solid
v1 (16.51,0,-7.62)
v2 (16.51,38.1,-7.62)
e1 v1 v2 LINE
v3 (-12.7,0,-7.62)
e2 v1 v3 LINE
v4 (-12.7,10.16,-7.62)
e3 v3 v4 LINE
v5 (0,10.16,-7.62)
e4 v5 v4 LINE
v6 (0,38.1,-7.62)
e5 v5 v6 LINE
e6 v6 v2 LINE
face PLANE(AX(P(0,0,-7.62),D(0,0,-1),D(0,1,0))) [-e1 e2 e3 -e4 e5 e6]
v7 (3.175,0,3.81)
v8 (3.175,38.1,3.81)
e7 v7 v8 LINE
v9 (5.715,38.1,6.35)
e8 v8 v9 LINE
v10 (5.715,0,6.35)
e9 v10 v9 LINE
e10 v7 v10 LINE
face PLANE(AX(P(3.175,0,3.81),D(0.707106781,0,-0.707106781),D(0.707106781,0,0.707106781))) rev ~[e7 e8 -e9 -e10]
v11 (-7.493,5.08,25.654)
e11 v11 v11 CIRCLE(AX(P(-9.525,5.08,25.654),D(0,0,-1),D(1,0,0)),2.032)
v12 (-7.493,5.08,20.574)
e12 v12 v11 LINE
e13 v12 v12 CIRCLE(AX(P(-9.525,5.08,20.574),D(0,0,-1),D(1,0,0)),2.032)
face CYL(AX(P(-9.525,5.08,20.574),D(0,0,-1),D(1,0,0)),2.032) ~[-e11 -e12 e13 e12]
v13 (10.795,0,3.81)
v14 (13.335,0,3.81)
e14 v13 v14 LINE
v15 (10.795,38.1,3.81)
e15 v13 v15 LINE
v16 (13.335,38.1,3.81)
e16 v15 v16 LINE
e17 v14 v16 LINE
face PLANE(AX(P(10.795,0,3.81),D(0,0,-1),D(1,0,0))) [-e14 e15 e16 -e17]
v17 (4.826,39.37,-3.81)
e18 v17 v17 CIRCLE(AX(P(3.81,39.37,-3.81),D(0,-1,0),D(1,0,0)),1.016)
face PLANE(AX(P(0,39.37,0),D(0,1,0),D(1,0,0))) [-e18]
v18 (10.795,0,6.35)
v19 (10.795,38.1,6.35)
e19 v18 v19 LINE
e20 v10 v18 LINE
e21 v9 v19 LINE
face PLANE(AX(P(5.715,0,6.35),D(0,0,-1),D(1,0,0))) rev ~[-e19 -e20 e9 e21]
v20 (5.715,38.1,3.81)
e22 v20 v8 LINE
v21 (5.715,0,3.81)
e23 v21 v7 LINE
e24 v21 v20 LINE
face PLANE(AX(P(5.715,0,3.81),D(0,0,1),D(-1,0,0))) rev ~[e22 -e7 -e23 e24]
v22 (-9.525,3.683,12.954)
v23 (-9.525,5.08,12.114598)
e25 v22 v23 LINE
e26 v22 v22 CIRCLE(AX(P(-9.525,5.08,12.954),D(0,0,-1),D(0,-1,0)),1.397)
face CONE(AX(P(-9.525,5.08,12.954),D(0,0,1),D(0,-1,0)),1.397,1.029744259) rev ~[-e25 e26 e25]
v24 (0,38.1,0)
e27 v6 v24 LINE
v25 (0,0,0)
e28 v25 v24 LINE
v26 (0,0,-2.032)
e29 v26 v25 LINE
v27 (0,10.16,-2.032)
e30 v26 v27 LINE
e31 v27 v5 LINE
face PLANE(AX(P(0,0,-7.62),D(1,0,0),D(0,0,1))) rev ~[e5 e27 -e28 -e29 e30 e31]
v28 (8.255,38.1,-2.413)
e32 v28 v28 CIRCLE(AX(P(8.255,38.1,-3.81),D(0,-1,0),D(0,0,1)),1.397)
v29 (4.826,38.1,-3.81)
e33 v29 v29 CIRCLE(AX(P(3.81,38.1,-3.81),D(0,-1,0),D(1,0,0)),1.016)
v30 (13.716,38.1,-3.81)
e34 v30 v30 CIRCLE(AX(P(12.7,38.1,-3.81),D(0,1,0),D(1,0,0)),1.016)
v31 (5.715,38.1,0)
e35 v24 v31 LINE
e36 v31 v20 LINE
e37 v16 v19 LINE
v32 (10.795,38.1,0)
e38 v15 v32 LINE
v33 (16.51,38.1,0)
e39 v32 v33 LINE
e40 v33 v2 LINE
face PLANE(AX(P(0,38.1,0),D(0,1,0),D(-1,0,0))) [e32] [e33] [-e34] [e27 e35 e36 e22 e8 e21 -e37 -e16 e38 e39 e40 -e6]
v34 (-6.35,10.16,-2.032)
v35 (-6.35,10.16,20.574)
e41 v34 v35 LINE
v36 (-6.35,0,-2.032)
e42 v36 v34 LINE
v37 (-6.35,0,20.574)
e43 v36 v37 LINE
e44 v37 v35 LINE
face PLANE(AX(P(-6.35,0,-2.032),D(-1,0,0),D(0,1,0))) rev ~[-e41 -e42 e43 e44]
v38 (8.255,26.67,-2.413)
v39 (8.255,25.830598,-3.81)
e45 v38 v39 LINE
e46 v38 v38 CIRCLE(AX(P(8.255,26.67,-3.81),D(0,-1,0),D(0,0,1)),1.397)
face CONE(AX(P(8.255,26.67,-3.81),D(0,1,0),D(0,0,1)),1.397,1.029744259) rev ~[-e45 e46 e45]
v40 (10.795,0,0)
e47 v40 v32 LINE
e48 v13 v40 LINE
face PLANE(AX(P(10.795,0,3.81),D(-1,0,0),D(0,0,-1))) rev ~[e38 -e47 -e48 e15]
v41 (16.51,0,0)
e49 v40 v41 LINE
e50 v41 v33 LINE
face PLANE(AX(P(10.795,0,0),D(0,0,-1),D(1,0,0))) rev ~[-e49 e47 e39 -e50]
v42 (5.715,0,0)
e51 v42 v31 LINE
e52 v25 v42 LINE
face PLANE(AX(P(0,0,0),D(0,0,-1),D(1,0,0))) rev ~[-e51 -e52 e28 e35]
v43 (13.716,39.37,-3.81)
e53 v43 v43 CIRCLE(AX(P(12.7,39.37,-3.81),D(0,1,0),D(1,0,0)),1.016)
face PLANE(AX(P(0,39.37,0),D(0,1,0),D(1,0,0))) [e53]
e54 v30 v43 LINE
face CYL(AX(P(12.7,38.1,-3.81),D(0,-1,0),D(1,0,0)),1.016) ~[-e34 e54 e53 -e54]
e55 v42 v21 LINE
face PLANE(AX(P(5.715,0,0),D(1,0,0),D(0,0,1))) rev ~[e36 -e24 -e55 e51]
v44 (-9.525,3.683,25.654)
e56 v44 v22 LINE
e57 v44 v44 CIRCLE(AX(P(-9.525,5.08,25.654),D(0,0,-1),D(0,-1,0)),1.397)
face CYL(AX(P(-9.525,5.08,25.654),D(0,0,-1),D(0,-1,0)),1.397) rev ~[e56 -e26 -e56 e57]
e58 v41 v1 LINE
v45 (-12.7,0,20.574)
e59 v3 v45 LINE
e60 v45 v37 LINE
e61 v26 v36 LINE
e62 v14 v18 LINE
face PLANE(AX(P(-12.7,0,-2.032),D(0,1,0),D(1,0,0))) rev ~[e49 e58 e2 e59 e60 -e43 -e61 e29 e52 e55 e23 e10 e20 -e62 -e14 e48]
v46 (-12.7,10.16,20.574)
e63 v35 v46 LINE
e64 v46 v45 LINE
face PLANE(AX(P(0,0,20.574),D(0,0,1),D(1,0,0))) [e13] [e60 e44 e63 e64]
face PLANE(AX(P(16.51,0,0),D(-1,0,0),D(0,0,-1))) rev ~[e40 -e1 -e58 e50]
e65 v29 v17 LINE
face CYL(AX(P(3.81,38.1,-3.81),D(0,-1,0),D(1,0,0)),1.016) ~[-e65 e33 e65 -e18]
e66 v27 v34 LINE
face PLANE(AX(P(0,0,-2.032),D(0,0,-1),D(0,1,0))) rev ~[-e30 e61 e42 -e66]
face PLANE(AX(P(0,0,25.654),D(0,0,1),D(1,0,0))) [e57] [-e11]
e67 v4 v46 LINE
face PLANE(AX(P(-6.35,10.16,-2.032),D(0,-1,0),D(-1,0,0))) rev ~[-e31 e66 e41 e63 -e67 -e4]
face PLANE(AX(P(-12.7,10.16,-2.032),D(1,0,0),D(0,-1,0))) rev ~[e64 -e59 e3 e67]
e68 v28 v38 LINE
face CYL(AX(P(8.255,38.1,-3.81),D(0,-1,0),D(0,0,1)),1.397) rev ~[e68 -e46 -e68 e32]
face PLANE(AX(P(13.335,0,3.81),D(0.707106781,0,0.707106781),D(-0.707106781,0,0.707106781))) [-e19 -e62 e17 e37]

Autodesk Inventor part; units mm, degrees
ref_plane "YZ Plane" through (0, 0, 0) normal (1, 0, 0) x (0, 1, 0)
ref_plane "XZ Plane" through (0, 0, 0) normal (0, 1, 0) x (-1, 0, 0)
ref_plane "XY Plane" through (0, 0, 0) normal (0, 0, 1) x (1, 0, 0)
sketch "Sketch1" plane through (0, 0, 0) normal (0, 1, 0) x (-1, 0, 0)
  line L0 (0, 0) -> (-16.51, 0)
  line L1 (-16.51, 0) -> (-16.51, -7.62)
  line L2 (-16.51, -7.62) -> (0, -7.62)
  line L3 (0, -7.62) -> (0, 0)
  line L4 (-8.255, 0) -> (-5.715, 0)
  line L5 (-5.715, 0) -> (-5.715, 6.35)
  line L6 (-5.715, 6.35) -> (-10.795, 6.35)
  line L7 (-10.795, 6.35) -> (-10.795, 0)
  line L8 (-5.715, -7.62) -> (-5.715, -8.89)
  line L9 (-5.715, -8.89) -> (-10.795, -8.89)
  line L10 (-10.795, -8.89) -> (-10.795, -7.62)
  line L11 (-10.795, 6.35) -> (-10.795, 3.81)
  line L12 (-10.795, 3.81) -> (-13.335, 3.81)
  line L13 (-13.335, 3.81) -> (-10.795, 6.35)
  line L14 (-5.715, 6.35) -> (-5.715, 3.81)
  line L15 (-5.715, 3.81) -> (-3.175, 3.81)
  line L16 (-3.175, 3.81) -> (-5.715, 6.35)
  point P0 (-8.255, -7.62)
  point P1 (0, -3.81)
  point P2 (-16.51, -3.81)
  dimension "d0" = 16.51
  dimension "d1" = 7.62
  dimension "d2" = 2.54
  dimension "d3" = 6.35
  dimension "d4" = 5.08
  dimension "d5" = 1.27
  dimension "d6" = 2.54
  dimension "d7" = 2.54
  dimension "d8" = 2.54
  dimension "d9" = 2.54
extrude "Extrusion1" add sketch "Sketch1" along normal blind 38.1
sketch "Sketch2" plane through (0, 38.1, 0) normal (0, 1, 0) x (1, 0, 0)
  line L0 (16.51, 0) -> (16.51, 7.62) projected
  line L1 (16.51, 3.81) -> (12.7, 3.81)
  line L2 (0, 7.62) -> (0, 0) projected
  circle A0 centre (12.7, 3.81) radius 1.016
  dimension "d12" = 3.81
  dimension "d14" = 2.032
extrude "Extrusion2" add sketch "Sketch2" along normal blind 1.27
sketch "Sketch3" plane through (0, 38.1, 0) normal (0, 1, 0) x (1, 0, 0)
  line L0 (0, 7.62) -> (0, 0) projected
  line L1 (0, 3.81) -> (3.81, 3.81)
  circle A0 centre (3.81, 3.81) radius 1.016
  dimension "d20" = 3.81
  dimension "d21" = 2.032
extrude "Extrusion3" add sketch "Sketch3" along normal blind 1.27
sketch "Sketch6" plane through (0, 38.1, 0) normal (0, 1, 0) x (1, 0, 0)
  line L0 (16.51, 0) -> (16.51, 7.62) projected
  line L1 (16.51, 3.81) -> (8.255, 3.81)
  circle A0 centre (8.255, 3.81) radius 1.397
  point P0 (0, 0)
  dimension "d24" = 8.255
  dimension "d25" = 2.794
hole "Hole1" at (8.255, 38.1, -3.81) at (8.255, 38.1, -3.81) direction (0, -1, 0) diameter 2.794 depth 11.43 tip angle 118
sketch "Sketch13" plane through (0, 0, -7.62) normal (-1, 0, 0) x (0, 0, 1)
  line L0 (0, 0) -> (0, 38.1) projected
  line L1 (0, 0) -> (5.588, 0)
  line L2 (5.588, 0) -> (5.588, 10.16)
  line L3 (5.588, 10.16) -> (0, 10.16)
  line L4 (0, 10.16) -> (0, 0)
  point P0 (7.62, 0)
  dimension "d68" = 5.588
  dimension "d69" = 10.16
extrude "Extrusion7" add sketch "Sketch13" along normal blind 12.7
sketch "Sketch14" plane through (0, 0, -2.032) normal (0, 0, 1) x (1, 0, 0)
  line L0 (-12.7, 10.16) -> (-12.7, 0) projected
  line L1 (-12.7, 0) -> (-6.35, 0)
  line L2 (-6.35, 0) -> (-6.35, 10.16)
  line L3 (-6.35, 10.16) -> (-12.7, 10.16)
  line L4 (-12.7, 10.16) -> (-12.7, 0)
  point P0 (0, 0)
  dimension "d72" = 6.35
  dimension "d73" = 10.16
extrude "Extrusion8" add sketch "Sketch14" along normal blind 22.606
sketch "Sketch15" plane through (0, 0, 20.574) normal (0, 0, 1) x (1, 0, 0)
  line L0 (-12.7, 10.16) -> (-12.7, 0) projected
  line L1 (-12.7, 5.08) -> (-9.525, 5.08)
  circle A0 centre (-9.525, 5.08) radius 2.032
  point P0 (0, 0)
  dimension "d79" = 3.175
  dimension "d80" = 4.064
extrude "Extrusion9" add sketch "Sketch15" along normal blind 5.08
sketch "Sketch16" plane through (-9.525, 5.08, 25.654) normal (0, 0, 1) x (1, 0, 0)
  point P0 (9.525, -5.08)
sketch "Sketch17" plane through (-9.525, 5.08, 25.654) normal (0, 0, 1) x (1, 0, 0)
  circle A0 centre (0, 0) radius 1.397
  point P0 (9.525, -5.08)
  dimension "d83" = 2.794
hole "Hole3" at (-9.525, 5.08, 25.654) direction (0, 0, -1) diameter 2.794 depth 12.7 tip angle 118
sketch "Sketch18" plane through (10.795, 0, -8.89) normal (0, 0, -1) x (-1, 0, 0)
  line L0 (0, 0) -> (5.08, 0) projected
  line L1 (0, 38.1) -> (5.08, 38.1)
  line L2 (5.08, 38.1) -> (5.08, 0)
  line L3 (5.08, 0) -> (0, 0)
  line L4 (0, 0) -> (0, 38.1)
  point P0 (10.795, 0)
extrude "Extrusion10" cut sketch "Sketch18" against normal blind 1.27
properties part number "Grab1"
